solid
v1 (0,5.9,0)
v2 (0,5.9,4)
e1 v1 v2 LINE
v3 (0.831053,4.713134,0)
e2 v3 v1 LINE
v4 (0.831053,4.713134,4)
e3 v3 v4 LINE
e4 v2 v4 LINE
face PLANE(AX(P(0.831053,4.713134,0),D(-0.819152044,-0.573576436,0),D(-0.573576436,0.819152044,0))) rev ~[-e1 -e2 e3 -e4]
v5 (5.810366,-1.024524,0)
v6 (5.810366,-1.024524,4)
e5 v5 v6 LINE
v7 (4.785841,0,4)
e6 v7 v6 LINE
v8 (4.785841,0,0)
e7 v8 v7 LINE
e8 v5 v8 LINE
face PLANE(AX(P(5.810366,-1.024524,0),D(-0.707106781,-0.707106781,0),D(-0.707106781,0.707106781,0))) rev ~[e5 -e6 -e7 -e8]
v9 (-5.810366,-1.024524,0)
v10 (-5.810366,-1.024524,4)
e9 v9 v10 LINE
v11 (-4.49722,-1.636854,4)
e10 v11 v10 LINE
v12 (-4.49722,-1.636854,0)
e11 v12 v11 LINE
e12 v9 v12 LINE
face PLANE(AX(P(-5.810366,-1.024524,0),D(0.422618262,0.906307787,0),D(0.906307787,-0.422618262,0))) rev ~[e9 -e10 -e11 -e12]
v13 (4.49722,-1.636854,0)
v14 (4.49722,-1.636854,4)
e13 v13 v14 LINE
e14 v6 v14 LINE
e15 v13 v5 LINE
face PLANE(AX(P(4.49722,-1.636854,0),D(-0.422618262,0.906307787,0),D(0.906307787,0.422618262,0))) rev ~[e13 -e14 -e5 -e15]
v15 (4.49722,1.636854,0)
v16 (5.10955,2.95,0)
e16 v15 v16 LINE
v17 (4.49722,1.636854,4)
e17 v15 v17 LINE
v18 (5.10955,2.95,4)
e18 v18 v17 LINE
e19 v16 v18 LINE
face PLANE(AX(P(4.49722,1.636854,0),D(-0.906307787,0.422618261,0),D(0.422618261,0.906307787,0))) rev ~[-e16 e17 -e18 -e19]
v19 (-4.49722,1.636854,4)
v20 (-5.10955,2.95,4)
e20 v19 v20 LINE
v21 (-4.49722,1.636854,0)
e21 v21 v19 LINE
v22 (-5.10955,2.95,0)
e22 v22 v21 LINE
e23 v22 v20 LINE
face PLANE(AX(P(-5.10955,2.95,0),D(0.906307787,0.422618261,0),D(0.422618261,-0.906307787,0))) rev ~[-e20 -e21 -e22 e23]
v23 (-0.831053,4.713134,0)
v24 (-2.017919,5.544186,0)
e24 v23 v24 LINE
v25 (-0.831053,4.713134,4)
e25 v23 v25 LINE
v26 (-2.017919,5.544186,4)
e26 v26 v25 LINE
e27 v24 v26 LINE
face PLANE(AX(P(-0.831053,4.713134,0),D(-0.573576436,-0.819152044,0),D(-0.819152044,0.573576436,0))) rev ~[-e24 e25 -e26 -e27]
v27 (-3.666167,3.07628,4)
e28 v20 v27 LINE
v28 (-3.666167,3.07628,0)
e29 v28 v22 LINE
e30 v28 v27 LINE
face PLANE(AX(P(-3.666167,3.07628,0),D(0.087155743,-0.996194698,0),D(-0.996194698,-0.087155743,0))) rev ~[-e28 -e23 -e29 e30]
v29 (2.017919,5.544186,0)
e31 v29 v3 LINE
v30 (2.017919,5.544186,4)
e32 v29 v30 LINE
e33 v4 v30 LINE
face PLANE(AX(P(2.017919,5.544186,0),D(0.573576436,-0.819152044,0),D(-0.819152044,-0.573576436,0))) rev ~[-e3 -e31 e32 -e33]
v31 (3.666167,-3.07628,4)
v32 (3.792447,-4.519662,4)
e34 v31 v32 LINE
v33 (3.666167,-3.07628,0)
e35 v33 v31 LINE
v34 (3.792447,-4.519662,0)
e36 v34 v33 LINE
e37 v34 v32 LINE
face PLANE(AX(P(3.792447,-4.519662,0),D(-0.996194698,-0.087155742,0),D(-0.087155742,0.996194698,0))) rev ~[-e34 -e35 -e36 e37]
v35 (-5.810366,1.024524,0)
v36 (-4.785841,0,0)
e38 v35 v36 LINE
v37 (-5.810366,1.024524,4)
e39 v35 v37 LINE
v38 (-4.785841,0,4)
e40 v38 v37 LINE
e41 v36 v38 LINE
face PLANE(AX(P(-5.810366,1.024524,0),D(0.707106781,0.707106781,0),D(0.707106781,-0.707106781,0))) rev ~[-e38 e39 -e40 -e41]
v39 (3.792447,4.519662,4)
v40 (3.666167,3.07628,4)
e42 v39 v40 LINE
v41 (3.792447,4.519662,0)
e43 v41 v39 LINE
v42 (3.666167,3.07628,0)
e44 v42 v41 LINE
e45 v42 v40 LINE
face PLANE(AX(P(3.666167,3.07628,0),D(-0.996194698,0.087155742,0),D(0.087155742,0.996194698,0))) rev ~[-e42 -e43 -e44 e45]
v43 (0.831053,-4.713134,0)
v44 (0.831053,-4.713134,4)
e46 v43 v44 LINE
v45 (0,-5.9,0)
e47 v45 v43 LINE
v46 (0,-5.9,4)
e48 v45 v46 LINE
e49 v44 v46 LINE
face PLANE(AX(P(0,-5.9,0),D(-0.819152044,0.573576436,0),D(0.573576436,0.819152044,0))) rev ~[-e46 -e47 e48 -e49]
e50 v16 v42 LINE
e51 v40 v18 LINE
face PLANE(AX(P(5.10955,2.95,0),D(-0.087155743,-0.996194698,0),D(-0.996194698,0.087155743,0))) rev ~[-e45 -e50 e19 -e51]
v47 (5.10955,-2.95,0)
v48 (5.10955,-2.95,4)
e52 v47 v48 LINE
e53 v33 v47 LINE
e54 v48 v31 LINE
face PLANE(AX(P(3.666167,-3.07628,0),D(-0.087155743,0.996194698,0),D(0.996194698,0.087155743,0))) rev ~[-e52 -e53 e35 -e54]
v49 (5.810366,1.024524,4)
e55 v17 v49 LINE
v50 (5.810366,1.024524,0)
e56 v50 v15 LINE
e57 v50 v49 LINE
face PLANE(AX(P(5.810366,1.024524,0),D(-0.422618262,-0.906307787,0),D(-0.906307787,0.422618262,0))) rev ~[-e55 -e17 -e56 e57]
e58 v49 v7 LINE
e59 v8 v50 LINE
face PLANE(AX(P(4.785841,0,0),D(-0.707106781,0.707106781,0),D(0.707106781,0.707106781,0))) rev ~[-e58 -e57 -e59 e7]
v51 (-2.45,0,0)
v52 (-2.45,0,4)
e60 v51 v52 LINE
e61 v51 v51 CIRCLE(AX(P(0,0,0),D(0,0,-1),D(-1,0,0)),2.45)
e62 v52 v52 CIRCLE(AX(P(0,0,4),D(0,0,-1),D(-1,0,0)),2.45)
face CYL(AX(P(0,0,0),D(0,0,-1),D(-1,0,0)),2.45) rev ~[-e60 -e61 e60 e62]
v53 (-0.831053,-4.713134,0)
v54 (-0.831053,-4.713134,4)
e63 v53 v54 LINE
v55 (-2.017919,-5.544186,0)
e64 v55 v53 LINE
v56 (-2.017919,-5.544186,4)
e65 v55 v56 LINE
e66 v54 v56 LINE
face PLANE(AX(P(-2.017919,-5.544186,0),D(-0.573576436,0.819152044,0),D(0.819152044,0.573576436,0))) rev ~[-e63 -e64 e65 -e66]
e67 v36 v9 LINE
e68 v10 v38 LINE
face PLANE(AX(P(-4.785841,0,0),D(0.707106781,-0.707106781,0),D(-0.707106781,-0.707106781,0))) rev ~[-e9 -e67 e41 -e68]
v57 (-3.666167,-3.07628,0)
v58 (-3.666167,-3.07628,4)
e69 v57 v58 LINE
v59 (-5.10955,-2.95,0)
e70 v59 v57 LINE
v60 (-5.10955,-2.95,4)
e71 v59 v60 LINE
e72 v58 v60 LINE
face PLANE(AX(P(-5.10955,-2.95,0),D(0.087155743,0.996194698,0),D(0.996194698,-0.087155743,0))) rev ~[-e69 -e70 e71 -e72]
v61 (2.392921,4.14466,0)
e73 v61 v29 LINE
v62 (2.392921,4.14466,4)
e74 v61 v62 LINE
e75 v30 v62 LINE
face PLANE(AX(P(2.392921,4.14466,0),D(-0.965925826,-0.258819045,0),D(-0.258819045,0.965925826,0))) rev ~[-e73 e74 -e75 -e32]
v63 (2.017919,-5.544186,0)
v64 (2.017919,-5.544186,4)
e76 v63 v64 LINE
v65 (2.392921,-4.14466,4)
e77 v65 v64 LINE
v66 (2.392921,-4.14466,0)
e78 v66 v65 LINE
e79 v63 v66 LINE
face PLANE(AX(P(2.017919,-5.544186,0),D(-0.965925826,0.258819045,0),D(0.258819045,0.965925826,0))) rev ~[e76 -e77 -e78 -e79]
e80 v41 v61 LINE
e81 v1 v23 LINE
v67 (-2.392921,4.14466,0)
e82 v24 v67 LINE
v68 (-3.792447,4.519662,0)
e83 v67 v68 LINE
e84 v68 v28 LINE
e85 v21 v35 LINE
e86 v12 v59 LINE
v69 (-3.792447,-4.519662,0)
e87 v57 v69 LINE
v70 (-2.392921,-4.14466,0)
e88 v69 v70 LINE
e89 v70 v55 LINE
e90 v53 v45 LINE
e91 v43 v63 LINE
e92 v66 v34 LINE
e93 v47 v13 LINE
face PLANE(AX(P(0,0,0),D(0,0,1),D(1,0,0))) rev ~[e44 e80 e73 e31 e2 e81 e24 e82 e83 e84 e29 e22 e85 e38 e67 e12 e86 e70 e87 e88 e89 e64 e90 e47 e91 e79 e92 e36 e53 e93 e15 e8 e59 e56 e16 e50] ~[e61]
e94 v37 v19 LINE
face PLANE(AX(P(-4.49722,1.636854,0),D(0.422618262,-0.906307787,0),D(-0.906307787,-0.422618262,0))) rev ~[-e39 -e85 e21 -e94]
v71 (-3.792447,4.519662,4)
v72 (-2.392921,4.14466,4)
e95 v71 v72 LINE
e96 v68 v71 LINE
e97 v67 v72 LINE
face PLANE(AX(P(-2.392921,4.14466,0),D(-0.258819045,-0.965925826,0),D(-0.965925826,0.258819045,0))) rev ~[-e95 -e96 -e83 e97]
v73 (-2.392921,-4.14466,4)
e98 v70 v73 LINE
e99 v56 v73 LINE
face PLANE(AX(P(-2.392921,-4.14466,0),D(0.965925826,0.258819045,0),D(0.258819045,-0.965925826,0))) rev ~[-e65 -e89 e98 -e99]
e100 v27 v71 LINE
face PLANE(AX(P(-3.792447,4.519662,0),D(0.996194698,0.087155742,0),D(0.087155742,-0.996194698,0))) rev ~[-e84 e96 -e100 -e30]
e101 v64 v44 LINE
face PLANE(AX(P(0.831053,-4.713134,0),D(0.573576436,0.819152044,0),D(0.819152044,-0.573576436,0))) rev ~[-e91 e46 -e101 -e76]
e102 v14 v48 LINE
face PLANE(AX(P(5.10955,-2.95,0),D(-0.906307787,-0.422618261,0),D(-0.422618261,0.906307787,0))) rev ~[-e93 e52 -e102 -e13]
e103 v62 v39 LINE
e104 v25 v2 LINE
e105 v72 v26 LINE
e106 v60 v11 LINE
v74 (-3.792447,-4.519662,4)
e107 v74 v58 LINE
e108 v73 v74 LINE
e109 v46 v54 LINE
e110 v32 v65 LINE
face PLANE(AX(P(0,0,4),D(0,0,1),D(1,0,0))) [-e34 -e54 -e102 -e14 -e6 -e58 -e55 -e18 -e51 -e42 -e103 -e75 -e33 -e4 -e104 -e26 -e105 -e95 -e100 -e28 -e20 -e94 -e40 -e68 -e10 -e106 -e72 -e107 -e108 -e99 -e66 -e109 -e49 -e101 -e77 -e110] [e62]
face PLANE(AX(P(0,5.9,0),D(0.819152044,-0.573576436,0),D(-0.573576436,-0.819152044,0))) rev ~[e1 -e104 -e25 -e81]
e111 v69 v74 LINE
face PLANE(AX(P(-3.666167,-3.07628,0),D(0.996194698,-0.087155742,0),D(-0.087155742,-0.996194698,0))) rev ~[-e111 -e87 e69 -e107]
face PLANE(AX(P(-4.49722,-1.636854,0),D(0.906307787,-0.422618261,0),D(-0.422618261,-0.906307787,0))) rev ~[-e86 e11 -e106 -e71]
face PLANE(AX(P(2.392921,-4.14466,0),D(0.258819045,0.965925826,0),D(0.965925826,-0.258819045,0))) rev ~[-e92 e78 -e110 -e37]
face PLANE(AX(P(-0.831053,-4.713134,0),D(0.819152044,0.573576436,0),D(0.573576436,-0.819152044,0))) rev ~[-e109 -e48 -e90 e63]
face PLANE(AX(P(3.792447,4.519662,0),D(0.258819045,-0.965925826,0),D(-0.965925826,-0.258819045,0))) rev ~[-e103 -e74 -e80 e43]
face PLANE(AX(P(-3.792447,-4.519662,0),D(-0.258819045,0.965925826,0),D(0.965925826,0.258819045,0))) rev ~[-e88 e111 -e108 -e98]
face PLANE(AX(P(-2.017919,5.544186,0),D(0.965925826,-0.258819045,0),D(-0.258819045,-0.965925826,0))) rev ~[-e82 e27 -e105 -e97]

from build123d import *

# Parameters (mm, degrees)
SKIZZE1_R                       = 5.9
AUFSATZ_LINEAR_AUSTRAGEN1_DEPTH = 4
SKIZZE2_R                       = 2.45
SCHNITT_LINEAR_AUSTRAGEN1_DEPTH = 4
SKIZZE3_R                       = 6.915910243
SCHNITT_LINEAR_AUSTRAGEN3_DEPTH = 6


with BuildPart() as part:
    # Skizze1 → Aufsatz-Linear austragen1 (new body)
    with BuildSketch(Plane.XY):
        Circle(SKIZZE1_R)
    extrude(amount=AUFSATZ_LINEAR_AUSTRAGEN1_DEPTH)

    # Skizze2 → Schnitt-Linear austragen1 (cut)
    with BuildSketch(Plane(origin=(0, 0, 0), x_dir=(-1, 0, 0), z_dir=(0, 0, -1))):
        Circle(SKIZZE2_R)
    extrude(amount=-SCHNITT_LINEAR_AUSTRAGEN1_DEPTH, mode=Mode.SUBTRACT)

    # Skizze3 → Schnitt-Linear austragen3 (cut)
    with BuildSketch(Plane(origin=(0, 0, 0), x_dir=(-1, 0, 0), z_dir=(0, 0, -1))):
        Circle(SKIZZE3_R)
        Polygon((0, 5.9), (0.831052654, 4.713133809), (2.017918846, 5.544186463), (2.392920747, 4.144660313), (3.792446897, 4.519662214), (3.666167283, 3.076279615), (5.109549882, 2.95), (4.497219937, 1.636854194), (5.810365743, 1.024524248), (4.785841495, 0), (5.810365743, -1.024524248), (4.497219937, -1.636854194), (5.109549882, -2.95), (3.666167283, -3.076279615), (3.792446897, -4.519662214), (2.392920747, -4.144660313), (2.017918846, -5.544186463), (0.831052654, -4.713133809), (0, -5.9), (-0.831052654, -4.713133809), (-2.017918846, -5.544186463), (-2.392920747, -4.144660313), (-3.792446897, -4.519662214), (-3.666167283, -3.076279615), (-5.109549882, -2.95), (-4.497219937, -1.636854194), (-5.810365743, -1.024524248), (-4.785841495, 0), (-5.810365743, 1.024524248), (-4.497219937, 1.636854194), (-5.109549882, 2.95), (-3.666167283, 3.076279615), (-3.792446897, 4.519662214), (-2.392920747, 4.144660313), (-2.017918846, 5.544186463), (-0.831052654, 4.713133809), align=None, mode=Mode.SUBTRACT)
    extrude(amount=-SCHNITT_LINEAR_AUSTRAGEN3_DEPTH, mode=Mode.SUBTRACT)


solid = part.part
